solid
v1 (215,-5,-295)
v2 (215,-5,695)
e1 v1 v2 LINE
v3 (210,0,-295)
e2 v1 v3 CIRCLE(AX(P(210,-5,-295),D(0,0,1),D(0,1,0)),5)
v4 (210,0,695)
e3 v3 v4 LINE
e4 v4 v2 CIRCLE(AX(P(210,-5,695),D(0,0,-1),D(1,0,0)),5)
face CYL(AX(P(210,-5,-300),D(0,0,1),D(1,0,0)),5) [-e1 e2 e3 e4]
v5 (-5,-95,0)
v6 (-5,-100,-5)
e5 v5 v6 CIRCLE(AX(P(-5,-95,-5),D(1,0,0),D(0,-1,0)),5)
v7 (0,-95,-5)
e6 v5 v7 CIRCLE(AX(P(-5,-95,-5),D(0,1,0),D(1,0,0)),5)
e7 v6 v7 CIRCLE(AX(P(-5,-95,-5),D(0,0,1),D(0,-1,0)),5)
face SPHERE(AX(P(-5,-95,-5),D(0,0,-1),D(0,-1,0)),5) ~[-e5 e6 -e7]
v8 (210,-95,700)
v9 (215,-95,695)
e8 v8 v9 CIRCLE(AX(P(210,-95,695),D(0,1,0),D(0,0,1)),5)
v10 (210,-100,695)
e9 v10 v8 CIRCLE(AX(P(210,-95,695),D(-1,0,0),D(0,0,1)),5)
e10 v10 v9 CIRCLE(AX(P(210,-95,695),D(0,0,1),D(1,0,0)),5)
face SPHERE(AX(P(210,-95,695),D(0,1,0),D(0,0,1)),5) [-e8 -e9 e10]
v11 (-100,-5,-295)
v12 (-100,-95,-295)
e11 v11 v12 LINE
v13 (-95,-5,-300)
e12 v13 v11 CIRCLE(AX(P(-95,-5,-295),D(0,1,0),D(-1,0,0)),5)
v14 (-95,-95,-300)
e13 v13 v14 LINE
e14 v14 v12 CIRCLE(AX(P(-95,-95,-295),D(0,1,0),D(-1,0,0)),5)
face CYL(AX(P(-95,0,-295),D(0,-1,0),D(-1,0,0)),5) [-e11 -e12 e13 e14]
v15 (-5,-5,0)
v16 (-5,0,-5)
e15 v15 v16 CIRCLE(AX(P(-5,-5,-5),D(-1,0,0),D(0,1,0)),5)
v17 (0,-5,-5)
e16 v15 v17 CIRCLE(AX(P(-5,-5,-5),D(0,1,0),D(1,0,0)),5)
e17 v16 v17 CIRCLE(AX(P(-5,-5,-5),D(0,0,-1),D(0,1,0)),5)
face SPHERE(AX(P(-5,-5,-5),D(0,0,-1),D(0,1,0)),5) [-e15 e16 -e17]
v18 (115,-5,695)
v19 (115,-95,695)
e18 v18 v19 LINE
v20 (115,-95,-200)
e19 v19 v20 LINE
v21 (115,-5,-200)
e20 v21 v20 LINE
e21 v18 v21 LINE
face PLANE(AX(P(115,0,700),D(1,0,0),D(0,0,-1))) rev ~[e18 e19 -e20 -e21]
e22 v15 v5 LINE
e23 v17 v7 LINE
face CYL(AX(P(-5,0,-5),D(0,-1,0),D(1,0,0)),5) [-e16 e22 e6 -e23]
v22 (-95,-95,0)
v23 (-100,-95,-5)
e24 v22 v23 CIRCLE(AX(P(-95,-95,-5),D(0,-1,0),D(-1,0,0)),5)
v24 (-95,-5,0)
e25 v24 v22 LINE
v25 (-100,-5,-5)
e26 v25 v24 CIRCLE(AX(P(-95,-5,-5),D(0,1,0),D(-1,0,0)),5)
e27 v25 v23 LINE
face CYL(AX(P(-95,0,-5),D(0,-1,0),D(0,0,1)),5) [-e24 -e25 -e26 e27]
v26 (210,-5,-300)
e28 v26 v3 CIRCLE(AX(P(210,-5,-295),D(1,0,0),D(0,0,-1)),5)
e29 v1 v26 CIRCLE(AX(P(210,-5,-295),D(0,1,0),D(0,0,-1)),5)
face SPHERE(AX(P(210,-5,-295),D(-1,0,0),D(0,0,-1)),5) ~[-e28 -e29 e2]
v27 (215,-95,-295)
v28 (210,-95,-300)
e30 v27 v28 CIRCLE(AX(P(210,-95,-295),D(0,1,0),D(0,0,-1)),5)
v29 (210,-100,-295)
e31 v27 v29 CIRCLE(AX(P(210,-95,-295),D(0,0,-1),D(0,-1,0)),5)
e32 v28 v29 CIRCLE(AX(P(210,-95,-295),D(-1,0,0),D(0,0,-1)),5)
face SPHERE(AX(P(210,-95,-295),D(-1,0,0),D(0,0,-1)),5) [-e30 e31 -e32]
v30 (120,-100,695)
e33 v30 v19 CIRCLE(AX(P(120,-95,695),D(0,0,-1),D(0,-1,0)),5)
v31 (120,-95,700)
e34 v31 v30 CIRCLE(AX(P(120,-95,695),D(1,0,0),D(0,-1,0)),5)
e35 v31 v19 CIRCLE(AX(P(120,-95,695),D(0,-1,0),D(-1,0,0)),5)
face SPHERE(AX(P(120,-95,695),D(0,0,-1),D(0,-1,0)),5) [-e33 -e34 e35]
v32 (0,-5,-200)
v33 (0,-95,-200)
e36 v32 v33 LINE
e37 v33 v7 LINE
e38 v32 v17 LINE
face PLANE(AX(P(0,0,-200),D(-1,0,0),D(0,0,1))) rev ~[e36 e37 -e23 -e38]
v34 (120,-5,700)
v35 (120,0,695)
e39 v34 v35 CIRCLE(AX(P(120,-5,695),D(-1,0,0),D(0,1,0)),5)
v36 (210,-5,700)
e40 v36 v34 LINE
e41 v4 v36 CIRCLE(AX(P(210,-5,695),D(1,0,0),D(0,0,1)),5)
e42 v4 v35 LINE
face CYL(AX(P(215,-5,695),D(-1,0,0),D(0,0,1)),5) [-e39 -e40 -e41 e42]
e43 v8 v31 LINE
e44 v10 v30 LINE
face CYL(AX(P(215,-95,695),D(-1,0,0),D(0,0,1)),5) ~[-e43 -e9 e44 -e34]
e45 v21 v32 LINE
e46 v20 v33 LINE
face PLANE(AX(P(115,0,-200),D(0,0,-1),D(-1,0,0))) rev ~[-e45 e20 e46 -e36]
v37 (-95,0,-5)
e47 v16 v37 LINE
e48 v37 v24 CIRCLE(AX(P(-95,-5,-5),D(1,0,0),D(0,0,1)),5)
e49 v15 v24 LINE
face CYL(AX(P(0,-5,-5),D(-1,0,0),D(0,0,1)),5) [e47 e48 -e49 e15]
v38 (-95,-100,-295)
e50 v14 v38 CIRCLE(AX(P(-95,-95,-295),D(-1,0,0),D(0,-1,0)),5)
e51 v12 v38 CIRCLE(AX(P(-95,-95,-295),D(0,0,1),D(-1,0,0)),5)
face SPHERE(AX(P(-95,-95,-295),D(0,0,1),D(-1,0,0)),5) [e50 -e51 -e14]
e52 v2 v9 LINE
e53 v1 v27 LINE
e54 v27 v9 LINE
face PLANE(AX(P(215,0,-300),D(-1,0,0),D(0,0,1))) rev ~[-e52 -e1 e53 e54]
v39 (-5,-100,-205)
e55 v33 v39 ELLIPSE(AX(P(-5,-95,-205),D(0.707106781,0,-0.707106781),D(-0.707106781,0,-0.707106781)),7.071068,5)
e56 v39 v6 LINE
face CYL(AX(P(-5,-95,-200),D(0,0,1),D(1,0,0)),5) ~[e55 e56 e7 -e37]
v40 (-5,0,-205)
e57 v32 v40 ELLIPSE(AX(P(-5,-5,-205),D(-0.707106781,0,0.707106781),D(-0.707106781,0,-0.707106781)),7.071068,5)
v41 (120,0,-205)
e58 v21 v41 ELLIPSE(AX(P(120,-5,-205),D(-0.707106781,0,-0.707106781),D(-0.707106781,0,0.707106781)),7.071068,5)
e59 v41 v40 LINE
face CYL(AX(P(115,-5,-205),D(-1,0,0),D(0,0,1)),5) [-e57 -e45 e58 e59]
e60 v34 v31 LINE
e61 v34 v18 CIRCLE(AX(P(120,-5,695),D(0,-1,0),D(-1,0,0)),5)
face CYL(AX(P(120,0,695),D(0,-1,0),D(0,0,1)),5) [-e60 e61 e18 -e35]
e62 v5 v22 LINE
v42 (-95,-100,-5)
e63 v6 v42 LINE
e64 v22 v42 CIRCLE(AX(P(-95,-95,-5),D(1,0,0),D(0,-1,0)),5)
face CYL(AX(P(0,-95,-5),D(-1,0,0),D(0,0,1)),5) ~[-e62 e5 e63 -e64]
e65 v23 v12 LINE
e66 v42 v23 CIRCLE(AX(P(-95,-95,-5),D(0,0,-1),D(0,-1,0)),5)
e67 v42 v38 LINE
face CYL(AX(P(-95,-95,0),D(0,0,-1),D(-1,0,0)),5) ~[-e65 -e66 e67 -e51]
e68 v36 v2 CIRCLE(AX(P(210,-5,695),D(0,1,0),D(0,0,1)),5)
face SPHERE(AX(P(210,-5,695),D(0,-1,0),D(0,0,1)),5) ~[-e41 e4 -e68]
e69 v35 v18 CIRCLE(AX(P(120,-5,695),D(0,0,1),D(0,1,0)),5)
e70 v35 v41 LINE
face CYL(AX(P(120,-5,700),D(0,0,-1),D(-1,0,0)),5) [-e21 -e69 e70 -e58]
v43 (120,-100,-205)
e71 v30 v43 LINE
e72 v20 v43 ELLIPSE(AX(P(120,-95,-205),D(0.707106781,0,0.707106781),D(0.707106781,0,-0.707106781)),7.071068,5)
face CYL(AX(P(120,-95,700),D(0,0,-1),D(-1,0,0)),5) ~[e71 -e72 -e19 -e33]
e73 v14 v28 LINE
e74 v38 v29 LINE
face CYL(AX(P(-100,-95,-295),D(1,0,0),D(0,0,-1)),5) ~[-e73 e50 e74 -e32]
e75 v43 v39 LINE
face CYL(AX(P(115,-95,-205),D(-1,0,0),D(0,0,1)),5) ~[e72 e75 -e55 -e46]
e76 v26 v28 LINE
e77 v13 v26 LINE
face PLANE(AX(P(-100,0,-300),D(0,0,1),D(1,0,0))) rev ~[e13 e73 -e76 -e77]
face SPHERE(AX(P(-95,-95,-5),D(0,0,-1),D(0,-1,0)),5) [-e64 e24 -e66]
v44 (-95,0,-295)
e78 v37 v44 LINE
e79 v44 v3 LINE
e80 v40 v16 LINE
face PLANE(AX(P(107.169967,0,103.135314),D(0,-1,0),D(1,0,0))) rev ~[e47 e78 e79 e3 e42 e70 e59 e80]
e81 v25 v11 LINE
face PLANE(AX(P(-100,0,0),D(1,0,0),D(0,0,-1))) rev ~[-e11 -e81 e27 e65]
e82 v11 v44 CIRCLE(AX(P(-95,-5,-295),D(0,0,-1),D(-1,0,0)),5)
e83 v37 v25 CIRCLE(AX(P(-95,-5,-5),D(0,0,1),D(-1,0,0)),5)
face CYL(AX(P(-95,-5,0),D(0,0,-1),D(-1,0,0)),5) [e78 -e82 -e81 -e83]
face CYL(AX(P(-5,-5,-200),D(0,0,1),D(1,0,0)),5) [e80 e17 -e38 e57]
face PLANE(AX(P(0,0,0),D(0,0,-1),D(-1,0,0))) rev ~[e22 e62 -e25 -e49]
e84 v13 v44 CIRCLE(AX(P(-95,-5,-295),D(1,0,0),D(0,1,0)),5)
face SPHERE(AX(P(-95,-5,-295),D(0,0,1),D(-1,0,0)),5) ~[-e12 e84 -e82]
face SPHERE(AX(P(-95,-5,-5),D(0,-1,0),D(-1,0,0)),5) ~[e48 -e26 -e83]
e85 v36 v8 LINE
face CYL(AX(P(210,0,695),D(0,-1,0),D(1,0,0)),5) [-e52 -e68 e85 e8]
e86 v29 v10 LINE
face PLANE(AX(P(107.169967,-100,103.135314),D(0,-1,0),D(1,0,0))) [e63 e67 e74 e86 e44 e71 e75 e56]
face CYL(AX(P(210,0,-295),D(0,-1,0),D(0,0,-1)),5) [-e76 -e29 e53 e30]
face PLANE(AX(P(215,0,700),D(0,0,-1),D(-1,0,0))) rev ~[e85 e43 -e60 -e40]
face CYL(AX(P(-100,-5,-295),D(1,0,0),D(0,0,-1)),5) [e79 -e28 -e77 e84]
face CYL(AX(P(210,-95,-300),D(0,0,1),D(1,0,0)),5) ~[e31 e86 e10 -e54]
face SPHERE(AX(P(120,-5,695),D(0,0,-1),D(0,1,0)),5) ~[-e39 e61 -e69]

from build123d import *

# Parameters (mm, degrees)
F1_DEPTH = 100
F2_R     = 5


with BuildPart() as f1:
    # F0 (on Front) → F1 (new body)
    with BuildSketch(Plane.XZ):
        Polygon((0, -200), (0, 0), (-100, 0), (-100, -300), (215, -300), (215, 700), (115, 700), (115, -200), align=None)
    extrude(amount=F1_DEPTH)

    # F2
    f2_edges = [f1.edges().sort_by_distance(p)[0] for p in [
        (-100, -100, -150),
        (115, -100, 250),
        (57.5, -100, -200),
        (0, -100, -100),
        (-50, -100, 0),
        (-100, -50, 0),
        (-100, 0, -150),
        (-100, -50, -300),
        (57.5, -100, -300),
        (57.5, 0, -300),
        (57.5, 0, -200),
        (0, 0, -100),
        (-50, 0, 0),
        (0, -50, 0),
        (115, 0, 250),
        (215, -50, -300),
        (215, -50, 700),
        (165, 0, 700),
        (165, -100, 700),
        (115, -50, 700),
        (215, 0, 200),
        (215, -100, 200),
    ]]
    fillet(f2_edges, radius=F2_R)


solid = f1.part
